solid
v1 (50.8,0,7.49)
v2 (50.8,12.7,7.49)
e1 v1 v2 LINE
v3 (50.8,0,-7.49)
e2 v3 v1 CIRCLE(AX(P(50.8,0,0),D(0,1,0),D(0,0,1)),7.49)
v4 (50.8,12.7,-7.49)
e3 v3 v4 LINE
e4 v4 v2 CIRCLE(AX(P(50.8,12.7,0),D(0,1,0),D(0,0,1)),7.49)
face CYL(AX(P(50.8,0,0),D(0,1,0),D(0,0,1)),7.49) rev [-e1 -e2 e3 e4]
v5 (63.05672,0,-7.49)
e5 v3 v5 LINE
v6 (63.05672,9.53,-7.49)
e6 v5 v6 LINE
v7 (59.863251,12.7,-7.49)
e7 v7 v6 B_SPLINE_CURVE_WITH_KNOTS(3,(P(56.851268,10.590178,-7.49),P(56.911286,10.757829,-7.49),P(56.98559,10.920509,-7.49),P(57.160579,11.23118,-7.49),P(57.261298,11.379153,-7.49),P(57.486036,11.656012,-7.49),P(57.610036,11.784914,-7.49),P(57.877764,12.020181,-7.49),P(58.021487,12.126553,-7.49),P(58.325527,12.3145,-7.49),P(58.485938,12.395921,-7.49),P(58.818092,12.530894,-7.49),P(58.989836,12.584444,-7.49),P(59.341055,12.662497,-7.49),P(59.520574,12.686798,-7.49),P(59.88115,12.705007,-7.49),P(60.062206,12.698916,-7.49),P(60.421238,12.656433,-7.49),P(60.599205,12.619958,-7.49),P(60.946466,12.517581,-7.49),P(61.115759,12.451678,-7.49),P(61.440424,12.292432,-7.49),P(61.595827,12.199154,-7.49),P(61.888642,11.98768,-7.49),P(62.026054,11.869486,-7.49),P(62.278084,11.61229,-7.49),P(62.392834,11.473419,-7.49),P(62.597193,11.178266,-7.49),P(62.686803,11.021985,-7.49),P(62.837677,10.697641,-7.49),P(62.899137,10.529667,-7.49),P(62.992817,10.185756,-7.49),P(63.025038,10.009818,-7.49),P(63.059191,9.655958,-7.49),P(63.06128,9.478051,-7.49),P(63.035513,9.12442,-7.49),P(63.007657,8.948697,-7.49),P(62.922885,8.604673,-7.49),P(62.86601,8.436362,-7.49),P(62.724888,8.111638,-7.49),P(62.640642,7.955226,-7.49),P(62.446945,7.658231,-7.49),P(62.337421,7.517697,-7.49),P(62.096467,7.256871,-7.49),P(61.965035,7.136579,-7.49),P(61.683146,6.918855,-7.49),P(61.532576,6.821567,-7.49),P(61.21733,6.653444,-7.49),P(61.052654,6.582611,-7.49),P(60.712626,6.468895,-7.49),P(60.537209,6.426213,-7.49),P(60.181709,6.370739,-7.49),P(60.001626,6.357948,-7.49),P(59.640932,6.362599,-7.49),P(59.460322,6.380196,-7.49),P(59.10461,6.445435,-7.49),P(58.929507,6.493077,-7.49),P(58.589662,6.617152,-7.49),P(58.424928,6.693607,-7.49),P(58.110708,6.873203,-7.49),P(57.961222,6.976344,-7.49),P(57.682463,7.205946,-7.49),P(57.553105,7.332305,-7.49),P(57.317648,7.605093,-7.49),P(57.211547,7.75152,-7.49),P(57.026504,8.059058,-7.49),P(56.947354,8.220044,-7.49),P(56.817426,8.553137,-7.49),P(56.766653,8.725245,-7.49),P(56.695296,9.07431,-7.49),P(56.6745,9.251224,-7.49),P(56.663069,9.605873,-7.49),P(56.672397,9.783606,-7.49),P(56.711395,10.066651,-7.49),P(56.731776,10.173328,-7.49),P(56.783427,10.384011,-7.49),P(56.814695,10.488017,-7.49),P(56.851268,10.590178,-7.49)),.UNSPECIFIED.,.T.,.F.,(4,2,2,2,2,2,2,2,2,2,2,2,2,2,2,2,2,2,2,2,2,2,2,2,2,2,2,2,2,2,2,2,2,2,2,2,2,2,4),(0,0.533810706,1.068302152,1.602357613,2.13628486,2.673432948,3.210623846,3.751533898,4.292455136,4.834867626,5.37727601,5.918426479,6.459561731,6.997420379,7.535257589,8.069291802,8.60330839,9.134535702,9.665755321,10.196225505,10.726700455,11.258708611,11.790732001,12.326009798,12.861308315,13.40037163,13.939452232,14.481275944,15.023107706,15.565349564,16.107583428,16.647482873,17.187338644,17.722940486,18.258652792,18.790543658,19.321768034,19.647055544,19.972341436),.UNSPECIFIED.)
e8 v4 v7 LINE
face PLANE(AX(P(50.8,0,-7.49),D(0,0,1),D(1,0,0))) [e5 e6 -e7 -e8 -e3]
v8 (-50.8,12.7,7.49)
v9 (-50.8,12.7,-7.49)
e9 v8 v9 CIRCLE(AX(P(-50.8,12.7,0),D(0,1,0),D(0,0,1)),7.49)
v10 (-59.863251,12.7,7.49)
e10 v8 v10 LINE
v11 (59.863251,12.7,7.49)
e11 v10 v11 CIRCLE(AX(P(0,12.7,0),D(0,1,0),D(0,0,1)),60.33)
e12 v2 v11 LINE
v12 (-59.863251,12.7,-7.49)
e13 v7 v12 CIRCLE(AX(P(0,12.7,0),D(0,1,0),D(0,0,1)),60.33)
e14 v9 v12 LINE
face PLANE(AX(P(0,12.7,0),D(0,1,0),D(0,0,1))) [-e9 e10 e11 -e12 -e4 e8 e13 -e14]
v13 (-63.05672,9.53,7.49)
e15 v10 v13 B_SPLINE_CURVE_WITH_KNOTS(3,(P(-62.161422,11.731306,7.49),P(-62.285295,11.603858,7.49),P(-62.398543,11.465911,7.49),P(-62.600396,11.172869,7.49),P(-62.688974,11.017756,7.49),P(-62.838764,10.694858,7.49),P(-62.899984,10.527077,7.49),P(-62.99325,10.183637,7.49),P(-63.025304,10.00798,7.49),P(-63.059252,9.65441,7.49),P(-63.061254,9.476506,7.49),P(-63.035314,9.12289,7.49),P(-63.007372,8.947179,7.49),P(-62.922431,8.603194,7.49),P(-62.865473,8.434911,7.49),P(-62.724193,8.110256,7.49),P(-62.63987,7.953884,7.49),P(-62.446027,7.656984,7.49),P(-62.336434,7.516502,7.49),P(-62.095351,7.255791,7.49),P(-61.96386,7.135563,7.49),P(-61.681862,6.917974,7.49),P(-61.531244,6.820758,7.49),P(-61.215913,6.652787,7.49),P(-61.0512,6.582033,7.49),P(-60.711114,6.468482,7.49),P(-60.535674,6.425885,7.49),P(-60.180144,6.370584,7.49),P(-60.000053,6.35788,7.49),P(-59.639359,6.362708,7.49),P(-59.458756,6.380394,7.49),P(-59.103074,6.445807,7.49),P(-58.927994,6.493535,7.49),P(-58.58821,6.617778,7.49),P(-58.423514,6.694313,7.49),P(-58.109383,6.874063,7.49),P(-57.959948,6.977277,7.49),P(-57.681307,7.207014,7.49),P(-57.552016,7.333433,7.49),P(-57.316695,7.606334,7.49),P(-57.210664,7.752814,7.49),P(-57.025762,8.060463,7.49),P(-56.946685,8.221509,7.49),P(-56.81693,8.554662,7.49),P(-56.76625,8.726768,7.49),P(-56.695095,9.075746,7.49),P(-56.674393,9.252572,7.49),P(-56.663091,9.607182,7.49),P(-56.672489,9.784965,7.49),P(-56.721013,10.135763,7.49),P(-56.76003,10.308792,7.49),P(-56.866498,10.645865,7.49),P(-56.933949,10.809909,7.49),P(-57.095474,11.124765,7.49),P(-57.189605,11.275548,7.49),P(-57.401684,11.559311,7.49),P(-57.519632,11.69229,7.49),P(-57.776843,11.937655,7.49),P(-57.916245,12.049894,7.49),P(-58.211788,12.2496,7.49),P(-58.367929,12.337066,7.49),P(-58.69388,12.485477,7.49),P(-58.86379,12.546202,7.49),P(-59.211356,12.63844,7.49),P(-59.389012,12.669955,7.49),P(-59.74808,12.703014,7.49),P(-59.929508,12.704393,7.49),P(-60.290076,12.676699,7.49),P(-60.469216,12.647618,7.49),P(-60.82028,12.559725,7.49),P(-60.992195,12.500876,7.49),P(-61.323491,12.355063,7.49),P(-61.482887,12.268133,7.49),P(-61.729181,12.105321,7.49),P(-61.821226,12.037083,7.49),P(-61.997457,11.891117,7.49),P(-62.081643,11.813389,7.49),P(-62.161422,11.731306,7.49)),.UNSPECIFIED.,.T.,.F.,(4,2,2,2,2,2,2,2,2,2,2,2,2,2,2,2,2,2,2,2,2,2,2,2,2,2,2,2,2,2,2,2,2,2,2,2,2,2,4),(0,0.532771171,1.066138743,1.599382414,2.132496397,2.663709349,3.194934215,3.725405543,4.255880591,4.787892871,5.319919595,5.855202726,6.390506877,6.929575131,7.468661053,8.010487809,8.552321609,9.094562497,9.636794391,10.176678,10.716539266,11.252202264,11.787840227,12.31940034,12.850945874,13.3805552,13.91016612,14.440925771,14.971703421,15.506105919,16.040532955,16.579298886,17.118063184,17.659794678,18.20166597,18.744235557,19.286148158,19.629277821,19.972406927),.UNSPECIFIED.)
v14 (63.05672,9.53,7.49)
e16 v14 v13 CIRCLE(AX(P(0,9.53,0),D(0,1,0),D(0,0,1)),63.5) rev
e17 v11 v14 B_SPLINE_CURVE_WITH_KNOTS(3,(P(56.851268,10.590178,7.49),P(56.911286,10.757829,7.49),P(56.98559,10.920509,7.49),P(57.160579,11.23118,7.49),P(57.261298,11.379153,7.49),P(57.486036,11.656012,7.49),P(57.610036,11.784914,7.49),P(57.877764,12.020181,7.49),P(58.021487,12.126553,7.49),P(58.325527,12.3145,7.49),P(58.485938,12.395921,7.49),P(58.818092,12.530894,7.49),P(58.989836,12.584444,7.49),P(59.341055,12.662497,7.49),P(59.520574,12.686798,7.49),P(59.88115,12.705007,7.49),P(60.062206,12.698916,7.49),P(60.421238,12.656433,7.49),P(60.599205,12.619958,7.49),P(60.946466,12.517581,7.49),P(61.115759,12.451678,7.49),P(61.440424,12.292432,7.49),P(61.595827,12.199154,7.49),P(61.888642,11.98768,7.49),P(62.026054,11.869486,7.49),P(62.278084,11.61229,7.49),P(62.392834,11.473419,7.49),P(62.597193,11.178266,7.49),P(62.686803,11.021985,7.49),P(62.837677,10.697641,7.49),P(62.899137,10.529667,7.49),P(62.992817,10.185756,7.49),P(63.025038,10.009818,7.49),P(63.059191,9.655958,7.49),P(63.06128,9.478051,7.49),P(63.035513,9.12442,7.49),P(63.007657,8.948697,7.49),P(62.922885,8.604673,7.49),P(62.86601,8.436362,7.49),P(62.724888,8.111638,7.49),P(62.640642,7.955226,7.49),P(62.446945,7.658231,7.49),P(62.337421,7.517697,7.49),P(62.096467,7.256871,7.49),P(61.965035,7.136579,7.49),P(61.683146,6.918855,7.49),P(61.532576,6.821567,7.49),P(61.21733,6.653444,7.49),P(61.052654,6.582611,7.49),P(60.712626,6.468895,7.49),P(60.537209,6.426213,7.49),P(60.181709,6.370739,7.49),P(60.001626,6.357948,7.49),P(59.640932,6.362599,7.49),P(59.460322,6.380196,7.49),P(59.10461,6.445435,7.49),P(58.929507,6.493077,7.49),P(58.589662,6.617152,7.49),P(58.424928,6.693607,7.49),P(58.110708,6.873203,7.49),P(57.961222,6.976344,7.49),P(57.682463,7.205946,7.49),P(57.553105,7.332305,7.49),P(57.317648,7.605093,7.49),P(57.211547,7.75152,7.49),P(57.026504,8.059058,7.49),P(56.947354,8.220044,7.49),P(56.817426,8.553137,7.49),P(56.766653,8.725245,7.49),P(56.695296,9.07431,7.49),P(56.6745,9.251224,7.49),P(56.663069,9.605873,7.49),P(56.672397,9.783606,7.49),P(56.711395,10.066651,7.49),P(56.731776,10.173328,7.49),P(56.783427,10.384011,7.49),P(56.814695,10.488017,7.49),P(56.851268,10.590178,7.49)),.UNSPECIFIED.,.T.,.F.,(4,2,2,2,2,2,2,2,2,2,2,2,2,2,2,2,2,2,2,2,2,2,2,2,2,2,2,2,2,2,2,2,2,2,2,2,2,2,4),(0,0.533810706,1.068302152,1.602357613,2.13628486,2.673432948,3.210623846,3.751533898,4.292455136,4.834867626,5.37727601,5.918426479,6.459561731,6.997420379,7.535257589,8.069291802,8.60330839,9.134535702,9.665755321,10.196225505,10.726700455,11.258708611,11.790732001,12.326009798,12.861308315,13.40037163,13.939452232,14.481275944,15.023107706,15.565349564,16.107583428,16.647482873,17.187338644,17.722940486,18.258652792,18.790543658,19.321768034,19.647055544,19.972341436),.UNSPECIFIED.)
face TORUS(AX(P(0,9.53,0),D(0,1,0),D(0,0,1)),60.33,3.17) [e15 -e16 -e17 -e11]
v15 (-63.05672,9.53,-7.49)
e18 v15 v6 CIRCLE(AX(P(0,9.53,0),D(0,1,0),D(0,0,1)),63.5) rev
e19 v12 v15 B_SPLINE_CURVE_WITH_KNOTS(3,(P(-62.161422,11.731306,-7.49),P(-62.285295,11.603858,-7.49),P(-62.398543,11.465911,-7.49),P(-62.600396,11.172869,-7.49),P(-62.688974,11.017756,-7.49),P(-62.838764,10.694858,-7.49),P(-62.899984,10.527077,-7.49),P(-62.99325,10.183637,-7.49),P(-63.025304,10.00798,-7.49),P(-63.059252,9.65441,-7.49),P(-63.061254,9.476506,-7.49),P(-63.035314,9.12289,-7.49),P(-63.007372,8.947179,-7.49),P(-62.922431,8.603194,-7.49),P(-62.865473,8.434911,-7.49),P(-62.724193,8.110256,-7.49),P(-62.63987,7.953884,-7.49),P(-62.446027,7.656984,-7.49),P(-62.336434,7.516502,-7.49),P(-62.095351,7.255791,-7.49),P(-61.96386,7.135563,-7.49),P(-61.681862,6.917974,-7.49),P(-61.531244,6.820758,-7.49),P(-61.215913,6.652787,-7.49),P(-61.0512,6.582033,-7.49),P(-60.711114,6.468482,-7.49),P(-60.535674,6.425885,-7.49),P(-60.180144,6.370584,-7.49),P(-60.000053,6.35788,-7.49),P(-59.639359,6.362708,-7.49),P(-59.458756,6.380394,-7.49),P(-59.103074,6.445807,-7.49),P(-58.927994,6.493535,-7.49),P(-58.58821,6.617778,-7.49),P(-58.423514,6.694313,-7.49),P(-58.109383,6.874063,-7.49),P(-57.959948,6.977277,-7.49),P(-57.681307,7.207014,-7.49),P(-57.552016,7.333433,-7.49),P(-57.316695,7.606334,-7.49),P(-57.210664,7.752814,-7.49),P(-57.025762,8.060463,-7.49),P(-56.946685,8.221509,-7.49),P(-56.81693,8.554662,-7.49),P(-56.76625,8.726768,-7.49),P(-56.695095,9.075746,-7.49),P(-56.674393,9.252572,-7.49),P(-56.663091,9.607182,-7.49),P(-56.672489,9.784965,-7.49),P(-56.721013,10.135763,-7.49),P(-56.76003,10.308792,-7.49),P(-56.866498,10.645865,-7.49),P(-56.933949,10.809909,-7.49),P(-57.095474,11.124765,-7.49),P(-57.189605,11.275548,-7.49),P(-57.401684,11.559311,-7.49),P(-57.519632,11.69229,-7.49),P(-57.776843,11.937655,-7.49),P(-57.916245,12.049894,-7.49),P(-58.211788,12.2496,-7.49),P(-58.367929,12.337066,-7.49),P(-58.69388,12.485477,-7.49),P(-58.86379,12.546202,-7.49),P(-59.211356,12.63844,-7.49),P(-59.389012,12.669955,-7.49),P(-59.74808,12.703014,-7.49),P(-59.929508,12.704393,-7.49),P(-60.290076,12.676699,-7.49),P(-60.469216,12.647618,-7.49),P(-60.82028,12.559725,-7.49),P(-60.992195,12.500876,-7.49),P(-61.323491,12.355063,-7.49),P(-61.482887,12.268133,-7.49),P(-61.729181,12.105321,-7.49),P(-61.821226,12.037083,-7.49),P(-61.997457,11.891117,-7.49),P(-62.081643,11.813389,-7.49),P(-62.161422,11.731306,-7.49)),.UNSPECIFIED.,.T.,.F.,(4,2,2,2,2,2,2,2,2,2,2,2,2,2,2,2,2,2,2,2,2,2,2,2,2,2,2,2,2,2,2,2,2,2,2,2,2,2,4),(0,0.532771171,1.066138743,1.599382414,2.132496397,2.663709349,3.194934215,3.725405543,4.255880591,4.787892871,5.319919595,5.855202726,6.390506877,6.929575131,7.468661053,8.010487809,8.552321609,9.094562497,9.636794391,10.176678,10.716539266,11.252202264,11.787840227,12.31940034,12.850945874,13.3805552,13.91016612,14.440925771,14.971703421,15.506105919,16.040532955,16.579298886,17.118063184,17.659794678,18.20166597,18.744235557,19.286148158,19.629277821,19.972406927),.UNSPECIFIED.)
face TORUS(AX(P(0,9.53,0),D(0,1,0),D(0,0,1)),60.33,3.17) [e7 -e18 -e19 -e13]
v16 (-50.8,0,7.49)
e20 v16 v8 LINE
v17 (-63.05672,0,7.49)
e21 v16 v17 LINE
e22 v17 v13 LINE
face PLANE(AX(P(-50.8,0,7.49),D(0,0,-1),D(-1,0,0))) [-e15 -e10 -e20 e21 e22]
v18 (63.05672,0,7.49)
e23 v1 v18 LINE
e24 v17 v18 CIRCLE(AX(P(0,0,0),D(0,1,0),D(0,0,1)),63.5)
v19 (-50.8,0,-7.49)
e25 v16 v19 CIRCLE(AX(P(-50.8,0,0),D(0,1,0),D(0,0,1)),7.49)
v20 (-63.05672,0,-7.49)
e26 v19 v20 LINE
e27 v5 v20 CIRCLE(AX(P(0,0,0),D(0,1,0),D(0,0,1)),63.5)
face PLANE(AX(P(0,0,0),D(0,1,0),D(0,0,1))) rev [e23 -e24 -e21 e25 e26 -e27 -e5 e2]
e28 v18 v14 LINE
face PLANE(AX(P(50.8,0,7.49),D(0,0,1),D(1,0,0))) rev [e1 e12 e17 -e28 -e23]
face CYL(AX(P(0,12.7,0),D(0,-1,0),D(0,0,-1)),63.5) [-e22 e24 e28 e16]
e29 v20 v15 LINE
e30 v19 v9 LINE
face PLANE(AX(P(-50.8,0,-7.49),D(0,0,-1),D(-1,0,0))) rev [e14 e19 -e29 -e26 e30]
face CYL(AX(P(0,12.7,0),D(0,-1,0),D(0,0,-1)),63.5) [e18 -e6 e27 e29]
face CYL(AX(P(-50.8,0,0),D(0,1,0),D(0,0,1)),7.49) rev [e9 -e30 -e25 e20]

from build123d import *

# Parameters (mm, degrees)
SKETCH1_R           = 63.5
BOSS_EXTRUDE2_DEPTH = 12.7
FILLET2_R           = 3.17
CUT_EXTRUDE1_DEPTH  = 13.7


with BuildPart() as part:
    # Sketch1 → Boss-Extrude2 (new body)
    with BuildSketch(Plane(origin=(0, 0, 0), x_dir=(1, 0, 0), z_dir=(0, 1, 0))):
        Circle(SKETCH1_R)
    extrude(amount=BOSS_EXTRUDE2_DEPTH)

    # Fillet2
    fillet2_edges = [part.edges().sort_by_distance(p)[0] for p in [
        (-63.5, 12.7, 0),
    ]]
    fillet(fillet2_edges, radius=FILLET2_R)

    # Sketch3 → Cut-Extrude1 (cut, through all)
    with BuildSketch(Plane(origin=(0, 12.7, 0), x_dir=(1, 0, 0), z_dir=(0, 1, 0))):
        with BuildLine():
            Line((-50.8, 7.49), (-63.056719705, 7.49))
            ThreePointArc((-63.056719705, 7.49), (-63.5, 0), (-63.056719705, -7.49))
            Line((-63.056719705, -7.49), (-50.8, -7.49))
            ThreePointArc((-50.8, -7.49), (-43.31, 0), (-50.8, 7.49))
        make_face()
        with BuildLine():
            Line((50.8, -7.49), (63.056719705, -7.49))
            ThreePointArc((63.056719705, -7.49), (63.5, 0), (63.056719705, 7.49))
            Line((63.056719705, 7.49), (50.8, 7.49))
            ThreePointArc((50.8, 7.49), (43.31, 0), (50.8, -7.49))
        make_face()
    extrude(amount=-CUT_EXTRUDE1_DEPTH, mode=Mode.SUBTRACT)


solid = part.part
